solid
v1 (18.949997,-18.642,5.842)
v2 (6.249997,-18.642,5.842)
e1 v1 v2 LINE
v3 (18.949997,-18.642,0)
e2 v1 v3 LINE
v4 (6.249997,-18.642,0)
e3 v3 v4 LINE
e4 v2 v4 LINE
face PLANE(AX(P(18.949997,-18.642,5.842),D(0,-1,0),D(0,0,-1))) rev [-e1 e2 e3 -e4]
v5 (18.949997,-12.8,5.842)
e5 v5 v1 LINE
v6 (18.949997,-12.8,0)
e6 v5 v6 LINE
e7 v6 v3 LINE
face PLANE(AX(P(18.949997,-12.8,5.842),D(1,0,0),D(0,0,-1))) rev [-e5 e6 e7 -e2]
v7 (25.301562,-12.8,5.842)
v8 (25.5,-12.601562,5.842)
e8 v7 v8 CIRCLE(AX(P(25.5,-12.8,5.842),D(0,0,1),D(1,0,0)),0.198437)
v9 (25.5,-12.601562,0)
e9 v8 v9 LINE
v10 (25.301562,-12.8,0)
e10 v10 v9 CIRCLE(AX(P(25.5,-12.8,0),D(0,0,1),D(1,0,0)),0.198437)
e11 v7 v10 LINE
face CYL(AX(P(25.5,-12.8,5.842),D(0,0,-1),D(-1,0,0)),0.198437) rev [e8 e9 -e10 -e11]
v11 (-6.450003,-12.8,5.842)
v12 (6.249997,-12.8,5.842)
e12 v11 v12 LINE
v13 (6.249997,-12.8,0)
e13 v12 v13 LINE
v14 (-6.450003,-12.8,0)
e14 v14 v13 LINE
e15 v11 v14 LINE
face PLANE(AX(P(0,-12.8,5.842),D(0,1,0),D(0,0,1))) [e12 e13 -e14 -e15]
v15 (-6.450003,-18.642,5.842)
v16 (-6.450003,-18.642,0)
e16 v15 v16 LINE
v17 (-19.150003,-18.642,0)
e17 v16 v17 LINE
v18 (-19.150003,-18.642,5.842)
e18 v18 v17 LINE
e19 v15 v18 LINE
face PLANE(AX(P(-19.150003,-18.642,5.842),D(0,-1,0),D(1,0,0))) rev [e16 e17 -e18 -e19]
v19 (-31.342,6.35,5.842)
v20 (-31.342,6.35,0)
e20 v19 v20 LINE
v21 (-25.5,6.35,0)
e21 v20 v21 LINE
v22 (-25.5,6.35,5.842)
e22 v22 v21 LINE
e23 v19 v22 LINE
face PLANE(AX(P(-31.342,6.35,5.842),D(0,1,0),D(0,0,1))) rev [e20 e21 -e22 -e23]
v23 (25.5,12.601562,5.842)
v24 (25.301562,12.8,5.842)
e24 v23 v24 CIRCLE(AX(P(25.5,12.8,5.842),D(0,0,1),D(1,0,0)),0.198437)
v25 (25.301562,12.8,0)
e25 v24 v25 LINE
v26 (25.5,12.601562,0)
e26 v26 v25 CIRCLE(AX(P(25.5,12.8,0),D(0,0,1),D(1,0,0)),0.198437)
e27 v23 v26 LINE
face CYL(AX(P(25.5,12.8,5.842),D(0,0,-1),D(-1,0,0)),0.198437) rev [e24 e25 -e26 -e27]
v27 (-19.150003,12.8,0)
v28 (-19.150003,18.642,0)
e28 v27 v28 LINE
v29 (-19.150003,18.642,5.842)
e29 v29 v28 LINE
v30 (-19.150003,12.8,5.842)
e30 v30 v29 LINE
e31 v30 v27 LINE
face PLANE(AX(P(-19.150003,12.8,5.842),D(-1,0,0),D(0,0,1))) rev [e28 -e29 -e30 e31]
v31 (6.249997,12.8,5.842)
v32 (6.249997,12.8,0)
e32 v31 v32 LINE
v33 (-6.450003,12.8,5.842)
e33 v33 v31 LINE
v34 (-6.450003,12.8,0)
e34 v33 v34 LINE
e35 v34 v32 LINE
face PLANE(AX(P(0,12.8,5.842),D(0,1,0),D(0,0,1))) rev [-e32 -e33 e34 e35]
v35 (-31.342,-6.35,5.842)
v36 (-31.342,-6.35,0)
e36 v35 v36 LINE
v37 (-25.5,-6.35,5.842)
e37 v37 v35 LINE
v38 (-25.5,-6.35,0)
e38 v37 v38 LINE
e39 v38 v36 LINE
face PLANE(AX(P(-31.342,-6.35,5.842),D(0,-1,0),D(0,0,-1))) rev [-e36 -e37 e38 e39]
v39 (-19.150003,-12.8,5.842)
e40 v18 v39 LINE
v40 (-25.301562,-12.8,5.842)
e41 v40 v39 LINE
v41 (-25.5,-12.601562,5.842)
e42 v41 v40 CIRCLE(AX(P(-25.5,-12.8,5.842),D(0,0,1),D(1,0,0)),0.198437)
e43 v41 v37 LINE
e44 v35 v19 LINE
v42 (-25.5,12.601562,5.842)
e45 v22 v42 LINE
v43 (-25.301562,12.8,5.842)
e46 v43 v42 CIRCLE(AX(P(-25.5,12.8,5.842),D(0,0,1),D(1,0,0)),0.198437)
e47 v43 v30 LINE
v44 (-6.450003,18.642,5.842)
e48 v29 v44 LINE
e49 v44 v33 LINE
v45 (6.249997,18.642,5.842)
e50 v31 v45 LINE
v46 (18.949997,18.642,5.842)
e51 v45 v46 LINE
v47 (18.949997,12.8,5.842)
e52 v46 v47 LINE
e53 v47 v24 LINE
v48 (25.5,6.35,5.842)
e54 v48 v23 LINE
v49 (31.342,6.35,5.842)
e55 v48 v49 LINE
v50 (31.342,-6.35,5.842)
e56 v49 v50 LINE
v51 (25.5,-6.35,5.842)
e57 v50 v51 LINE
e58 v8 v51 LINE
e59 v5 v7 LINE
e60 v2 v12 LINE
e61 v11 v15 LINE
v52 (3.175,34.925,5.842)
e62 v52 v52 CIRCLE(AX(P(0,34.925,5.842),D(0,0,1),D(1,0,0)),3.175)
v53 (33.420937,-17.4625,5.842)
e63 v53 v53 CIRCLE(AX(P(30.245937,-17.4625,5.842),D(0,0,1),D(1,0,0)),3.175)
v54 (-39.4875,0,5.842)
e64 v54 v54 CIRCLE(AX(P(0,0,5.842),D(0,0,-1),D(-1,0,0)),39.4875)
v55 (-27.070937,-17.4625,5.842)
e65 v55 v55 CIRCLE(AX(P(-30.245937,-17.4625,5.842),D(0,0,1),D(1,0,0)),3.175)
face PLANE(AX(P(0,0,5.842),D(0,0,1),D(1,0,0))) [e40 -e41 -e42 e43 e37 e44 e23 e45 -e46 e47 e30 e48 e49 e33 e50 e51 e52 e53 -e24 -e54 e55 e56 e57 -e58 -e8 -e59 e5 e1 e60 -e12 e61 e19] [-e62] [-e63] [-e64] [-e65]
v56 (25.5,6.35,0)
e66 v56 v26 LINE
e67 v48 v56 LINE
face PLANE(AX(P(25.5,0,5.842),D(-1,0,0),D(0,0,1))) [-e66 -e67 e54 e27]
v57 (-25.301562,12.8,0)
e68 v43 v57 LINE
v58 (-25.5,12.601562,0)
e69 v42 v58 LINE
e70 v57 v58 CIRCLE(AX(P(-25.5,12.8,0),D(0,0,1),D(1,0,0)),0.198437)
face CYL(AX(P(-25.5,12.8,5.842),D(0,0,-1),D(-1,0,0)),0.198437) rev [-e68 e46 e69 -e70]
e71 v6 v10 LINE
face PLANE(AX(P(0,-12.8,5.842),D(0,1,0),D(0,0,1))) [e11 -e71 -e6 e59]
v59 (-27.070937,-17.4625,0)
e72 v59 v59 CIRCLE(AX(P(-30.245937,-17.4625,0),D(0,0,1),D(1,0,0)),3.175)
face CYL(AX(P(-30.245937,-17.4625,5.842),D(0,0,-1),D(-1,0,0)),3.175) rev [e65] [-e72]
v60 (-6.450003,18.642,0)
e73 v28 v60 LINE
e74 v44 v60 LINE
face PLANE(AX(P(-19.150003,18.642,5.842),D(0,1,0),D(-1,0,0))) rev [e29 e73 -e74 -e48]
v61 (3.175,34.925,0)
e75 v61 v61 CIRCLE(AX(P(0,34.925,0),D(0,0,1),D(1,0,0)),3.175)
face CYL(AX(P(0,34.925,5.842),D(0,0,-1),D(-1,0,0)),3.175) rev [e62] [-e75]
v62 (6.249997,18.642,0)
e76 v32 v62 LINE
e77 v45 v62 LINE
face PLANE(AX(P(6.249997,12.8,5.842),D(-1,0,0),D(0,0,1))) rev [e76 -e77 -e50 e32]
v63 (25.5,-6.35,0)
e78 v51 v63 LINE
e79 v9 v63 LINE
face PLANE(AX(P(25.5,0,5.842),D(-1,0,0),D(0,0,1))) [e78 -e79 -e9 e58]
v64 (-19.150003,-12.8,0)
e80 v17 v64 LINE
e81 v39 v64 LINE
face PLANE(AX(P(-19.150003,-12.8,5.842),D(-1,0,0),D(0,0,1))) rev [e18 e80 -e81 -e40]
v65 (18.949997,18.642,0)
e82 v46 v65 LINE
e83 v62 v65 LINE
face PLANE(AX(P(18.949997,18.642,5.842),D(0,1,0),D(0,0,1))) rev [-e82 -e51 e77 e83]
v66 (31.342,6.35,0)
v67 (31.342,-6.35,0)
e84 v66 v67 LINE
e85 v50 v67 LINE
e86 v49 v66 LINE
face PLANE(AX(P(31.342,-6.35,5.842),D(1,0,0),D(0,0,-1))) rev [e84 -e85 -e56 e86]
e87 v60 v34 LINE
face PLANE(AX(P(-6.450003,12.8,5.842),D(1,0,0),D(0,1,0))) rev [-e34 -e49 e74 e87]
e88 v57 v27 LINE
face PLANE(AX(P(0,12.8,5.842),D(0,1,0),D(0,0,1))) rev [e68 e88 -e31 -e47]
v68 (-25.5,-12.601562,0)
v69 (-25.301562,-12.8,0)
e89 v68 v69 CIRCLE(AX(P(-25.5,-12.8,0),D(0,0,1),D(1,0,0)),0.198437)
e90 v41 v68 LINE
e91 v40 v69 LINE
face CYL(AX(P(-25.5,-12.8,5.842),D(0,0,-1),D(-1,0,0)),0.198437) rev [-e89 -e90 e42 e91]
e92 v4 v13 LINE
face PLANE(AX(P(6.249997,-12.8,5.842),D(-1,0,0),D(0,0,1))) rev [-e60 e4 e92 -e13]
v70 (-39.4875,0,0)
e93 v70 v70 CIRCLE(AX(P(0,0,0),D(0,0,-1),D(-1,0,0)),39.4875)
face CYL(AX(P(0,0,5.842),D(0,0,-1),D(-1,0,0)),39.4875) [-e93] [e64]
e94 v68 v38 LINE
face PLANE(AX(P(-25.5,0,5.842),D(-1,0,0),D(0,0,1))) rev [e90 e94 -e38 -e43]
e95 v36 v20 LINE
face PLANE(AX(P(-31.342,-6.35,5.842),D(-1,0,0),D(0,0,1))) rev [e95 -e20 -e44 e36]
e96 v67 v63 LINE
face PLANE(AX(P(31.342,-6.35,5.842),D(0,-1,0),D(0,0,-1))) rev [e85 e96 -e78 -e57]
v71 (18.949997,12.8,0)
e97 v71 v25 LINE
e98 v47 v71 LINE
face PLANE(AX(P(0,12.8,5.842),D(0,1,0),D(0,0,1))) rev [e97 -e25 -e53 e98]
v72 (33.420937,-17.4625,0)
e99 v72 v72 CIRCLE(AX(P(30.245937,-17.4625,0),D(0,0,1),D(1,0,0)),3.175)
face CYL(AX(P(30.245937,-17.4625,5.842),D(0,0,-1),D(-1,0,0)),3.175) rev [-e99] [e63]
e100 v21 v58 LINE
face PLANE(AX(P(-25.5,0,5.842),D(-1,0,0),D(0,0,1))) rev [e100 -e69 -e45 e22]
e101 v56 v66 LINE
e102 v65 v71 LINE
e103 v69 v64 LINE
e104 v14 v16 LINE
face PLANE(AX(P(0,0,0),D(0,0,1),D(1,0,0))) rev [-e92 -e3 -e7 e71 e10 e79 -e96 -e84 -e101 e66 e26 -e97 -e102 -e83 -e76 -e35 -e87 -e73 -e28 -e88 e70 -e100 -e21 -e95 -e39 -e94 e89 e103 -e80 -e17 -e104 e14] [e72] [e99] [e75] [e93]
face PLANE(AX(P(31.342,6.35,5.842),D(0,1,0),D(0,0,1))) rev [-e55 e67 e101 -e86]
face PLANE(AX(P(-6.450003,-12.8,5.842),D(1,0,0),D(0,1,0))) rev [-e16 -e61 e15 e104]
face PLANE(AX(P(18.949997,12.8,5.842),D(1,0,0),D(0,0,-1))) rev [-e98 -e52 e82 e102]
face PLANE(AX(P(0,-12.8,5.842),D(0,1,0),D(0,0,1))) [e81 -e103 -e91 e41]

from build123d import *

# Parameters (mm, degrees)
SKETCH1_R           = 41.275
SKETCH1_R_2         = 3.175
BOSS_EXTRUDE1_DEPTH = 5.842
SKETCH7_R           = 41.275
SKETCH7_R_2         = 39.487499946
CUT_EXTRUDE3_DEPTH  = 59.663278241
SKETCH8_W           = 5.842
SKETCH8_H           = 12.7
SKETCH8_W_2         = 12.7
SKETCH8_H_2         = 5.842
CUT_EXTRUDE4_DEPTH  = 57.148501921


with BuildPart() as part:
    # Sketch1 → Boss-Extrude1 (new body)
    with BuildSketch(Plane.XY):
        Circle(SKETCH1_R)
        with Locations((0, 34.925)):
            Circle(SKETCH1_R_2, mode=Mode.SUBTRACT)
        with Locations((30.245937227, -17.4625)):
            Circle(SKETCH1_R_2, mode=Mode.SUBTRACT)
        with Locations((-30.245937227, -17.4625)):
            Circle(SKETCH1_R_2, mode=Mode.SUBTRACT)
        with BuildLine():
            Line((-25.3015625, -12.8), (25.3015625, -12.8))
            ThreePointArc((25.3015625, -12.8), (25.640316502, -12.940316502), (25.5, -12.6015625))
            Line((25.5, -12.6015625), (25.5, 12.6015625))
            ThreePointArc((25.5, 12.6015625), (25.640316502, 12.940316502), (25.3015625, 12.8))
            Line((25.3015625, 12.8), (-25.3015625, 12.8))
            ThreePointArc((-25.3015625, 12.8), (-25.640316502, 12.940316502), (-25.5, 12.6015625))
            Line((-25.5, 12.6015625), (-25.5, -12.6015625))
            ThreePointArc((-25.5, -12.6015625), (-25.640316502, -12.940316502), (-25.3015625, -12.8))
        make_face(mode=Mode.SUBTRACT)
    extrude(amount=BOSS_EXTRUDE1_DEPTH)

    # Sketch7 → Cut-Extrude3 (cut, through all)
    with BuildSketch(Plane(origin=(0, 0, 0), x_dir=(-1, 0, 0), z_dir=(0, 0, -1))):
        Circle(SKETCH7_R)
        Circle(SKETCH7_R_2, mode=Mode.SUBTRACT)
    extrude(amount=-CUT_EXTRUDE3_DEPTH, mode=Mode.SUBTRACT)

    # Sketch8 → Cut-Extrude4 (cut, through all)
    with BuildSketch(Plane(origin=(0, 0, 0), x_dir=(-1, 0, 0), z_dir=(0, 0, -1))):
        with Locations((-28.421, 0)):
            Rectangle(SKETCH8_W, SKETCH8_H)
        with Locations((-12.599996942, 15.721)):
            Rectangle(SKETCH8_W_2, SKETCH8_H_2)
        with Locations((12.800003058, 15.721)):
            Rectangle(SKETCH8_W_2, SKETCH8_H_2)
        with Locations((12.800003058, -15.721)):
            Rectangle(SKETCH8_W_2, SKETCH8_H_2)
        with Locations((-12.599996942, -15.721)):
            Rectangle(SKETCH8_W_2, SKETCH8_H_2)
        with Locations((28.421, 0)):
            Rectangle(SKETCH8_W, SKETCH8_H)
    extrude(amount=-CUT_EXTRUDE4_DEPTH, mode=Mode.SUBTRACT)


solid = part.part
